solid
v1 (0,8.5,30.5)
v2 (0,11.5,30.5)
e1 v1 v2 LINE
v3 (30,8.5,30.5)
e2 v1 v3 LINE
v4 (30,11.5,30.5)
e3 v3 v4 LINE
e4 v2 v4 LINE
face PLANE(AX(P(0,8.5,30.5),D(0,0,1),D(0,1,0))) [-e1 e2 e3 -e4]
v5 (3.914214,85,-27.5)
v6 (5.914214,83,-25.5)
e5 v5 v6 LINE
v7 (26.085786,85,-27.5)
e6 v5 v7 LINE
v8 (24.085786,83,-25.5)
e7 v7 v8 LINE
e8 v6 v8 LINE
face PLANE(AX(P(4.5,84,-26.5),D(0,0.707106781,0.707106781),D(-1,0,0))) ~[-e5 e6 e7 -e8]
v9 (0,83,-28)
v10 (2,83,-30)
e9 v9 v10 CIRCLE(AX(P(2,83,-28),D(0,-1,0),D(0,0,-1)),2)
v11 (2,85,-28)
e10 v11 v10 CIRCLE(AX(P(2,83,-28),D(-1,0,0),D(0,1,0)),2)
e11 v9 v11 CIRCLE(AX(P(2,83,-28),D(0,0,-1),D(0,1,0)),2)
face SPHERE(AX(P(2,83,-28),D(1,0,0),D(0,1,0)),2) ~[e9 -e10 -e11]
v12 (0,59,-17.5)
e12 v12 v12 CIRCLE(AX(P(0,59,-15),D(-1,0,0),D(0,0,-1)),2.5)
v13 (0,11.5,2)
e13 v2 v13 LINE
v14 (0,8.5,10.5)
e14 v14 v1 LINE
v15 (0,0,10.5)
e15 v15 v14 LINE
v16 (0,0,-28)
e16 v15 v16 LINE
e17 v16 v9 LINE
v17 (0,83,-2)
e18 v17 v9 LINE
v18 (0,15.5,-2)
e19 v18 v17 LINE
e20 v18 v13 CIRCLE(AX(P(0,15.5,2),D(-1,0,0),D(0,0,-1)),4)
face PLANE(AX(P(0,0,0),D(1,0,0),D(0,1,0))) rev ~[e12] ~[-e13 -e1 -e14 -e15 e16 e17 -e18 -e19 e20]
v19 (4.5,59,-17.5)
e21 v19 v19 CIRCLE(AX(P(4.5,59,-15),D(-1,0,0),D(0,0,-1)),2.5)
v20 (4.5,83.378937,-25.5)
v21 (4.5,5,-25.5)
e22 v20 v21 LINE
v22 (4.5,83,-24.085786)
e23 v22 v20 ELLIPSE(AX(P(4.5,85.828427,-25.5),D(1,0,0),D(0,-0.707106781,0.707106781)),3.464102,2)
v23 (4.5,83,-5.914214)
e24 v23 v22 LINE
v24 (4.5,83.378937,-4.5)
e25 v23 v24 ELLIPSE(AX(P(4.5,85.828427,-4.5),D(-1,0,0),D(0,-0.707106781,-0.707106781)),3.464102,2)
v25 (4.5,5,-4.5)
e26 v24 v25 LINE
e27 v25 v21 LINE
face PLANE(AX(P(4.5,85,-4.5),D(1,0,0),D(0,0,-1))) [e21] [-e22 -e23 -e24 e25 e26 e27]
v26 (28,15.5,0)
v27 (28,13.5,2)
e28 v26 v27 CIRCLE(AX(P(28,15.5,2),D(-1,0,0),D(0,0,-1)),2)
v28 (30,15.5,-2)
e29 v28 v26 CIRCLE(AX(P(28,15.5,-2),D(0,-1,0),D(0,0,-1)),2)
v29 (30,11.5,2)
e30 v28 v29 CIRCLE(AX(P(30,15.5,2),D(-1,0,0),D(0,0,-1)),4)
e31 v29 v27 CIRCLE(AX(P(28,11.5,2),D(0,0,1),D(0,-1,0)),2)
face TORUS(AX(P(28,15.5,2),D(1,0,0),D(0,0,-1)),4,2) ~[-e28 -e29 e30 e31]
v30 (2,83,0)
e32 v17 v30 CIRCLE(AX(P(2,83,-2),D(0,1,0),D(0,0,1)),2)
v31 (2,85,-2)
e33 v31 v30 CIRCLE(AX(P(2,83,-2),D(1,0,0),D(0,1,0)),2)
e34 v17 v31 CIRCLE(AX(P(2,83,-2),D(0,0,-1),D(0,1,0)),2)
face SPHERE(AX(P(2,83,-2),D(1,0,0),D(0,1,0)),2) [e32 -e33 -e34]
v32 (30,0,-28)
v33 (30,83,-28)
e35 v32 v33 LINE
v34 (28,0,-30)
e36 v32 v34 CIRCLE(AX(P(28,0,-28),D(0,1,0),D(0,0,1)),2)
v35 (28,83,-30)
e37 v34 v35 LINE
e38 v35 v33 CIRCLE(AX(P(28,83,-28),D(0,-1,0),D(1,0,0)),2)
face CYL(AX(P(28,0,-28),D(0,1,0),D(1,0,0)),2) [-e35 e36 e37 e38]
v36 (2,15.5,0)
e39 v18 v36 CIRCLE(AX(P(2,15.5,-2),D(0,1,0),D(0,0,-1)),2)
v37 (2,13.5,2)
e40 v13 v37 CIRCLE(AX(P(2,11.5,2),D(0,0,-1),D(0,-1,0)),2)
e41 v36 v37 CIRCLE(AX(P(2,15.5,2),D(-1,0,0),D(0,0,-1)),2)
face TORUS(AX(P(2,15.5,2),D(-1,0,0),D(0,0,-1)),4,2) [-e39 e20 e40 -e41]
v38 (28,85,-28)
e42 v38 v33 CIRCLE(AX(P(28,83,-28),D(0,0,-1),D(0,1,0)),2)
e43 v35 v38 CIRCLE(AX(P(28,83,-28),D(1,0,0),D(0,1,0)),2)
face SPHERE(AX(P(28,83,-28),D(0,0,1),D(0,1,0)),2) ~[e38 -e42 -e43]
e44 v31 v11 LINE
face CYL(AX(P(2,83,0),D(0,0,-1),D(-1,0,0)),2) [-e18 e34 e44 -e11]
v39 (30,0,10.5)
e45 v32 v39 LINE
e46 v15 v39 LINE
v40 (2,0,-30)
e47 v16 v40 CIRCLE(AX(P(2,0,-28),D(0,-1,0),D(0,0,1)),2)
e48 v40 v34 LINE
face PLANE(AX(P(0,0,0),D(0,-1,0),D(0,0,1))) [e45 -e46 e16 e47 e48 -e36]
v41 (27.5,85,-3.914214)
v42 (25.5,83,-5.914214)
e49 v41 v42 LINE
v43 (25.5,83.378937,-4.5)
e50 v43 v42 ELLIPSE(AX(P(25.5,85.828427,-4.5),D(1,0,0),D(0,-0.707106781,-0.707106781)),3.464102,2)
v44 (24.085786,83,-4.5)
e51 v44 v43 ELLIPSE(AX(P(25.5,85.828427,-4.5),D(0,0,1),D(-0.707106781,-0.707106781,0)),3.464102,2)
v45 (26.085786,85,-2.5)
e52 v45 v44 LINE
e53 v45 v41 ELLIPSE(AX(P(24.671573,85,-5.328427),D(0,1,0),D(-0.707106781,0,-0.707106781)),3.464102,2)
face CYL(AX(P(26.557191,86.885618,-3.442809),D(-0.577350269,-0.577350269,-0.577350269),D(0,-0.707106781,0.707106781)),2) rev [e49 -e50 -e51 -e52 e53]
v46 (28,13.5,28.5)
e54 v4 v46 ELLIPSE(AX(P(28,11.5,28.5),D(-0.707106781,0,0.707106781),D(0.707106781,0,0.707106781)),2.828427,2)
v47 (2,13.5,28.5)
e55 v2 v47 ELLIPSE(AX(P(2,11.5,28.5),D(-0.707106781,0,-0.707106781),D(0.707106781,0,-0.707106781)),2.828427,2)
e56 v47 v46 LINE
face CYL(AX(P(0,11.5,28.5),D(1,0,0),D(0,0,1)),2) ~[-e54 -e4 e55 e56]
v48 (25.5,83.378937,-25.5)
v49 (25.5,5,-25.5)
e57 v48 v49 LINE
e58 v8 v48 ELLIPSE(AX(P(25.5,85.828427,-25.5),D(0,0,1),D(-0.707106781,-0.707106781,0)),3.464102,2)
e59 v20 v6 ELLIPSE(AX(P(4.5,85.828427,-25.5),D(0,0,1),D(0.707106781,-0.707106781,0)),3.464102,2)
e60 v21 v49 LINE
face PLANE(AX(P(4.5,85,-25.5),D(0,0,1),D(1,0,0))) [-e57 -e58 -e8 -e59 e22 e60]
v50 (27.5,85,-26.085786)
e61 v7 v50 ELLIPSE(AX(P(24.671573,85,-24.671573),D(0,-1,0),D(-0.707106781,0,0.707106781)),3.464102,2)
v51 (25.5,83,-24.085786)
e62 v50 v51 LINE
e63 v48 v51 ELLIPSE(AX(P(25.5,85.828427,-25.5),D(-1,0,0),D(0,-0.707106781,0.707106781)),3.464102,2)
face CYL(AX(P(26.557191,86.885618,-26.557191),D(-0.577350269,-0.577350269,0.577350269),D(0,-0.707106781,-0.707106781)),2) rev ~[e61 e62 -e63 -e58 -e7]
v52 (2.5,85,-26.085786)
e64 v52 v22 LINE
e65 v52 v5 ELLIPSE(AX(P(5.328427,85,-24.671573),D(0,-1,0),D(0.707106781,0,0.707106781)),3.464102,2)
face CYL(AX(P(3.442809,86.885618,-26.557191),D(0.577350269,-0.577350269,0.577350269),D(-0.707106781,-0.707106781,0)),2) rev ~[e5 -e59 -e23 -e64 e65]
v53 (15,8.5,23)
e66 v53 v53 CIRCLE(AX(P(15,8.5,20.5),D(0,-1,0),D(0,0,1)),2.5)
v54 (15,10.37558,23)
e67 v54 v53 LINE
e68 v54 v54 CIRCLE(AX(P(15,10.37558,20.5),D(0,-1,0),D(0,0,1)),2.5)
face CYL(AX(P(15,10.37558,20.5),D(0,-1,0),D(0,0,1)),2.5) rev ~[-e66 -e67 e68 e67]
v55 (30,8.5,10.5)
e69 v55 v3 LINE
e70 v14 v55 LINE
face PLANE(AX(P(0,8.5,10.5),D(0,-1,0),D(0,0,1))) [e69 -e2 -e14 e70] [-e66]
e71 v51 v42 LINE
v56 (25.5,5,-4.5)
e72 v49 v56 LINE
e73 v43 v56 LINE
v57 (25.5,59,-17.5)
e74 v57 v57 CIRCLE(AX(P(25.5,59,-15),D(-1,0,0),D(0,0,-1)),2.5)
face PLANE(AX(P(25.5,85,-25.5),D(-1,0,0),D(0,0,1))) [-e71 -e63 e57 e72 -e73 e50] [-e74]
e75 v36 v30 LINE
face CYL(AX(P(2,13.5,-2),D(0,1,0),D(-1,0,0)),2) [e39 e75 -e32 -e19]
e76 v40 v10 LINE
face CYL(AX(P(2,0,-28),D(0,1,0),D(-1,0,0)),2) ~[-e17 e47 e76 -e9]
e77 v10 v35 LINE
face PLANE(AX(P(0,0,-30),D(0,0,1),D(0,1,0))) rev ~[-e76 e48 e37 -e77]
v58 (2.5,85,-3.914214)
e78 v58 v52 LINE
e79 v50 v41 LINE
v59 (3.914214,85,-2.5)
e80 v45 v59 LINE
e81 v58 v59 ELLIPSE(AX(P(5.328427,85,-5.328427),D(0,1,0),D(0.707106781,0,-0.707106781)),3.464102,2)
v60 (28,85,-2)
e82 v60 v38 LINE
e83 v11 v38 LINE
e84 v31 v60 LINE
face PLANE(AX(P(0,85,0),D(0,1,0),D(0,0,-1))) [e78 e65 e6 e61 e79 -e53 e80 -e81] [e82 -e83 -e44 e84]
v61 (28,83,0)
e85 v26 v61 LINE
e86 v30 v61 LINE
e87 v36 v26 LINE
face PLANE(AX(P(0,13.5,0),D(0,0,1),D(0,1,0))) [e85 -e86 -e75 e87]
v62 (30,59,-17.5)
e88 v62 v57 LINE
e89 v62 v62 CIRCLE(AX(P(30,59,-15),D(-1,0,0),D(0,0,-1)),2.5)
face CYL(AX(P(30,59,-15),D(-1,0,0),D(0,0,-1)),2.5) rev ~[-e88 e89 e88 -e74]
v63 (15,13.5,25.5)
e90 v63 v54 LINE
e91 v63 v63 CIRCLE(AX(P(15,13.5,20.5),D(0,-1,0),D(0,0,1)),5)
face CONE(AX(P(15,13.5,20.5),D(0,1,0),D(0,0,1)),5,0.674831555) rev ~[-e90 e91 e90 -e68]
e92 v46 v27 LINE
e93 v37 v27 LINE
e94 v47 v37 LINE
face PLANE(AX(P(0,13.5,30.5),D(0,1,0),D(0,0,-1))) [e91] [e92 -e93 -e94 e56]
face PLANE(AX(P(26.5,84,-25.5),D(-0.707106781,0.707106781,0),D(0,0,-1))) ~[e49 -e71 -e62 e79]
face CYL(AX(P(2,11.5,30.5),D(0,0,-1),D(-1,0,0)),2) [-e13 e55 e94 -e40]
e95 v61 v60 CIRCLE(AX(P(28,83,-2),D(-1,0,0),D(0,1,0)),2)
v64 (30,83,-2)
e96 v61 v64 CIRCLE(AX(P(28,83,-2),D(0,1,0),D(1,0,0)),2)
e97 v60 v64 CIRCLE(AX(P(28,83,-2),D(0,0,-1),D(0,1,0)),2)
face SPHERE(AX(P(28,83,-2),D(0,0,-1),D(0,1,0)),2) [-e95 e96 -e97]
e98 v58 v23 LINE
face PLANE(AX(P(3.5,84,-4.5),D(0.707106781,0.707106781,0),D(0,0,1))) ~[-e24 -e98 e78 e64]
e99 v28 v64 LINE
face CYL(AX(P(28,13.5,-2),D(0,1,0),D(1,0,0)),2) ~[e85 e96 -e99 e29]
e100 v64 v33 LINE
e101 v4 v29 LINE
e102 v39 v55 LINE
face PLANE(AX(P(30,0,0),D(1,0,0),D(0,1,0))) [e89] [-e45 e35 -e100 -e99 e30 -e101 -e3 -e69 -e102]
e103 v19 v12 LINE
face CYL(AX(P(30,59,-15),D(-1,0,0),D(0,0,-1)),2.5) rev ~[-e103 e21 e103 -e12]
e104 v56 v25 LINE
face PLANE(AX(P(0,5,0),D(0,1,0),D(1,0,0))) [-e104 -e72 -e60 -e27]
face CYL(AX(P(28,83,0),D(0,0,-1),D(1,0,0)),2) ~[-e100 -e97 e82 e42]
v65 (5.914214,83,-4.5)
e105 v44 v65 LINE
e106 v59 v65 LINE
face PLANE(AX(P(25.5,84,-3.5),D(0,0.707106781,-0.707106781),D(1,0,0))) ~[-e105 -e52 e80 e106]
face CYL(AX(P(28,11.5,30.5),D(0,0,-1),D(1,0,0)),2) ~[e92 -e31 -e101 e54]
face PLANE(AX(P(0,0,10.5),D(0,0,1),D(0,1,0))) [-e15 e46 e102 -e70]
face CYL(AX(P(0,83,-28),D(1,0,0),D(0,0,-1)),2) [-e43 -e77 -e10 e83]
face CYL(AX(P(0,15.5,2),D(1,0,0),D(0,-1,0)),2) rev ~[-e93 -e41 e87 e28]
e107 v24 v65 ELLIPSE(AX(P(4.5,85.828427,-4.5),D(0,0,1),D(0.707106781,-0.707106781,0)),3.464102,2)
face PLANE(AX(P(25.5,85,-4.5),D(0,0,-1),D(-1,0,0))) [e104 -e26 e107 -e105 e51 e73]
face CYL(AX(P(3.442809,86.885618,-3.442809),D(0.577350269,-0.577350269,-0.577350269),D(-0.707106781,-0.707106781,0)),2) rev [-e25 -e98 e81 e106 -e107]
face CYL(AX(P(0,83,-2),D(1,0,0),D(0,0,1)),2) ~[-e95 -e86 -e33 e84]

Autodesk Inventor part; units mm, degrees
ref_plane "YZ Plane" through (0, 0, 0) normal (1, 0, 0) x (0, 1, 0)
ref_plane "XZ Plane" through (0, 0, 0) normal (0, 1, 0) x (-1, 0, 0)
ref_plane "XY Plane" through (0, 0, 0) normal (0, 0, 1) x (1, 0, 0)
sketch "Sketch1" plane through (0, 0, 0) normal (1, 0, 0) x (0, 1, 0)
  line L0 (0, 0) -> (0, -30)
  line L1 (13.5, 0) -> (30, 0) construction
  line L2 (0, -30) -> (85, -30)
  line L3 (13.5, 0) -> (85, 0)
  line L4 (85, 0) -> (85, -30)
  line L5 (0, 0) -> (0, 10.5)
  line L6 (13.5, 0) -> (14, 0) construction
  line L7 (0, 10.5) -> (8.5, 10.5)
  line L8 (8.5, 10.5) -> (8.5, 30.5)
  line L9 (8.5, 30.5) -> (13.5, 30.5)
  line L10 (13.5, 30.5) -> (13.5, 0)
  point P0 (0, -15)
  dimension "d0" = 30
  dimension "d2" = 85
  dimension "d4" = 10.5
  dimension "d6" = 8.5
  dimension "d7" = 20
  dimension "d8" = 5
  dimension "d47" = 30
extrude "Extrusion1" add sketch "Sketch1" along normal blind 30
sketch "Sketch2" plane through (0, 85, 0) normal (0, 1, 0) x (1, 0, 0)
  line L0 (4.5, 4.5) -> (4.5, 25.5)
  line L1 (4.5, 4.5) -> (25.5, 4.5) construction
  line L2 (4.5, 25.5) -> (25.5, 25.5)
  line L3 (25.5, 25.5) -> (25.5, 4.5)
  line L4 (25.5, 4.5) -> (4.5, 4.5)
  line L5 (30, 30) -> (30, 0) projected
  point P0 (0, 0)
  dimension "d13" = 21
  dimension "d14" = 90
  dimension "d15" = 21
  dimension "d16" = 90
  dimension "d17" = 21
  dimension "d18" = 90
  dimension "d19" = 21
  dimension "d46" = 4.5
  dimension "d48" = 90
  dimension "d49" = 4.5
extrude "Extrusion2" cut sketch "Sketch2" against normal blind 80
fillet "Fillet1" radius 2 12 edges at (30, 85, -15) (15, 85, 0) (15, 85, -30) (0, 85, -15) (30, 49.25, 0) (30, 42.5, -30) (0, 49.25, 0) (0, 42.5, -30) (0, 13.5, 15.25) (15, 13.5, 30.5) (30, 13.5, 15.25) (15, 13.5, 0)
sketch "Sketch4" plane through (2, 13.5, 2) normal (0, 1, 0) x (1, 0, 0)
  line L0 (-2, -28.5) -> (28, -28.5) projected
  point P0 (-2, 2)
  point P1 (13, -18.5)
  point P2 (13, -28.5)
  dimension "d37" = 10
hole "Hole1" at (15, 13.5, 20.5) direction (0, -1, 0) diameter 5 end through all countersink diameter 10 countersink angle 77.33
sketch "Sketch6" plane through (30, 0, 0) normal (1, 0, 0) x (0, 0, -1)
  line L0 (-10.5, 0) -> (28, 0) projected
  point P0 (0, 0)
  point P1 (15, 59)
  point P2 (15, 0)
  dimension "d45" = 59
hole "Hole2" at (30, 59, -15) direction (-1, 0, 0) diameter 5 end through all
chamfer "Chamfer2" distance 2 angle 45 4 edges at (4.5, 85, -15) (15, 85, -25.5) (25.5, 85, -15) (15, 85, -4.5)
fillet "Fillet3" radius 2 4 edges at (3.5, 84, -26.5) (26.5, 84, -26.5) (26.5, 84, -3.5) (3.5, 84, -3.5)
properties part number "flexibler_standfuß_v0.9"
